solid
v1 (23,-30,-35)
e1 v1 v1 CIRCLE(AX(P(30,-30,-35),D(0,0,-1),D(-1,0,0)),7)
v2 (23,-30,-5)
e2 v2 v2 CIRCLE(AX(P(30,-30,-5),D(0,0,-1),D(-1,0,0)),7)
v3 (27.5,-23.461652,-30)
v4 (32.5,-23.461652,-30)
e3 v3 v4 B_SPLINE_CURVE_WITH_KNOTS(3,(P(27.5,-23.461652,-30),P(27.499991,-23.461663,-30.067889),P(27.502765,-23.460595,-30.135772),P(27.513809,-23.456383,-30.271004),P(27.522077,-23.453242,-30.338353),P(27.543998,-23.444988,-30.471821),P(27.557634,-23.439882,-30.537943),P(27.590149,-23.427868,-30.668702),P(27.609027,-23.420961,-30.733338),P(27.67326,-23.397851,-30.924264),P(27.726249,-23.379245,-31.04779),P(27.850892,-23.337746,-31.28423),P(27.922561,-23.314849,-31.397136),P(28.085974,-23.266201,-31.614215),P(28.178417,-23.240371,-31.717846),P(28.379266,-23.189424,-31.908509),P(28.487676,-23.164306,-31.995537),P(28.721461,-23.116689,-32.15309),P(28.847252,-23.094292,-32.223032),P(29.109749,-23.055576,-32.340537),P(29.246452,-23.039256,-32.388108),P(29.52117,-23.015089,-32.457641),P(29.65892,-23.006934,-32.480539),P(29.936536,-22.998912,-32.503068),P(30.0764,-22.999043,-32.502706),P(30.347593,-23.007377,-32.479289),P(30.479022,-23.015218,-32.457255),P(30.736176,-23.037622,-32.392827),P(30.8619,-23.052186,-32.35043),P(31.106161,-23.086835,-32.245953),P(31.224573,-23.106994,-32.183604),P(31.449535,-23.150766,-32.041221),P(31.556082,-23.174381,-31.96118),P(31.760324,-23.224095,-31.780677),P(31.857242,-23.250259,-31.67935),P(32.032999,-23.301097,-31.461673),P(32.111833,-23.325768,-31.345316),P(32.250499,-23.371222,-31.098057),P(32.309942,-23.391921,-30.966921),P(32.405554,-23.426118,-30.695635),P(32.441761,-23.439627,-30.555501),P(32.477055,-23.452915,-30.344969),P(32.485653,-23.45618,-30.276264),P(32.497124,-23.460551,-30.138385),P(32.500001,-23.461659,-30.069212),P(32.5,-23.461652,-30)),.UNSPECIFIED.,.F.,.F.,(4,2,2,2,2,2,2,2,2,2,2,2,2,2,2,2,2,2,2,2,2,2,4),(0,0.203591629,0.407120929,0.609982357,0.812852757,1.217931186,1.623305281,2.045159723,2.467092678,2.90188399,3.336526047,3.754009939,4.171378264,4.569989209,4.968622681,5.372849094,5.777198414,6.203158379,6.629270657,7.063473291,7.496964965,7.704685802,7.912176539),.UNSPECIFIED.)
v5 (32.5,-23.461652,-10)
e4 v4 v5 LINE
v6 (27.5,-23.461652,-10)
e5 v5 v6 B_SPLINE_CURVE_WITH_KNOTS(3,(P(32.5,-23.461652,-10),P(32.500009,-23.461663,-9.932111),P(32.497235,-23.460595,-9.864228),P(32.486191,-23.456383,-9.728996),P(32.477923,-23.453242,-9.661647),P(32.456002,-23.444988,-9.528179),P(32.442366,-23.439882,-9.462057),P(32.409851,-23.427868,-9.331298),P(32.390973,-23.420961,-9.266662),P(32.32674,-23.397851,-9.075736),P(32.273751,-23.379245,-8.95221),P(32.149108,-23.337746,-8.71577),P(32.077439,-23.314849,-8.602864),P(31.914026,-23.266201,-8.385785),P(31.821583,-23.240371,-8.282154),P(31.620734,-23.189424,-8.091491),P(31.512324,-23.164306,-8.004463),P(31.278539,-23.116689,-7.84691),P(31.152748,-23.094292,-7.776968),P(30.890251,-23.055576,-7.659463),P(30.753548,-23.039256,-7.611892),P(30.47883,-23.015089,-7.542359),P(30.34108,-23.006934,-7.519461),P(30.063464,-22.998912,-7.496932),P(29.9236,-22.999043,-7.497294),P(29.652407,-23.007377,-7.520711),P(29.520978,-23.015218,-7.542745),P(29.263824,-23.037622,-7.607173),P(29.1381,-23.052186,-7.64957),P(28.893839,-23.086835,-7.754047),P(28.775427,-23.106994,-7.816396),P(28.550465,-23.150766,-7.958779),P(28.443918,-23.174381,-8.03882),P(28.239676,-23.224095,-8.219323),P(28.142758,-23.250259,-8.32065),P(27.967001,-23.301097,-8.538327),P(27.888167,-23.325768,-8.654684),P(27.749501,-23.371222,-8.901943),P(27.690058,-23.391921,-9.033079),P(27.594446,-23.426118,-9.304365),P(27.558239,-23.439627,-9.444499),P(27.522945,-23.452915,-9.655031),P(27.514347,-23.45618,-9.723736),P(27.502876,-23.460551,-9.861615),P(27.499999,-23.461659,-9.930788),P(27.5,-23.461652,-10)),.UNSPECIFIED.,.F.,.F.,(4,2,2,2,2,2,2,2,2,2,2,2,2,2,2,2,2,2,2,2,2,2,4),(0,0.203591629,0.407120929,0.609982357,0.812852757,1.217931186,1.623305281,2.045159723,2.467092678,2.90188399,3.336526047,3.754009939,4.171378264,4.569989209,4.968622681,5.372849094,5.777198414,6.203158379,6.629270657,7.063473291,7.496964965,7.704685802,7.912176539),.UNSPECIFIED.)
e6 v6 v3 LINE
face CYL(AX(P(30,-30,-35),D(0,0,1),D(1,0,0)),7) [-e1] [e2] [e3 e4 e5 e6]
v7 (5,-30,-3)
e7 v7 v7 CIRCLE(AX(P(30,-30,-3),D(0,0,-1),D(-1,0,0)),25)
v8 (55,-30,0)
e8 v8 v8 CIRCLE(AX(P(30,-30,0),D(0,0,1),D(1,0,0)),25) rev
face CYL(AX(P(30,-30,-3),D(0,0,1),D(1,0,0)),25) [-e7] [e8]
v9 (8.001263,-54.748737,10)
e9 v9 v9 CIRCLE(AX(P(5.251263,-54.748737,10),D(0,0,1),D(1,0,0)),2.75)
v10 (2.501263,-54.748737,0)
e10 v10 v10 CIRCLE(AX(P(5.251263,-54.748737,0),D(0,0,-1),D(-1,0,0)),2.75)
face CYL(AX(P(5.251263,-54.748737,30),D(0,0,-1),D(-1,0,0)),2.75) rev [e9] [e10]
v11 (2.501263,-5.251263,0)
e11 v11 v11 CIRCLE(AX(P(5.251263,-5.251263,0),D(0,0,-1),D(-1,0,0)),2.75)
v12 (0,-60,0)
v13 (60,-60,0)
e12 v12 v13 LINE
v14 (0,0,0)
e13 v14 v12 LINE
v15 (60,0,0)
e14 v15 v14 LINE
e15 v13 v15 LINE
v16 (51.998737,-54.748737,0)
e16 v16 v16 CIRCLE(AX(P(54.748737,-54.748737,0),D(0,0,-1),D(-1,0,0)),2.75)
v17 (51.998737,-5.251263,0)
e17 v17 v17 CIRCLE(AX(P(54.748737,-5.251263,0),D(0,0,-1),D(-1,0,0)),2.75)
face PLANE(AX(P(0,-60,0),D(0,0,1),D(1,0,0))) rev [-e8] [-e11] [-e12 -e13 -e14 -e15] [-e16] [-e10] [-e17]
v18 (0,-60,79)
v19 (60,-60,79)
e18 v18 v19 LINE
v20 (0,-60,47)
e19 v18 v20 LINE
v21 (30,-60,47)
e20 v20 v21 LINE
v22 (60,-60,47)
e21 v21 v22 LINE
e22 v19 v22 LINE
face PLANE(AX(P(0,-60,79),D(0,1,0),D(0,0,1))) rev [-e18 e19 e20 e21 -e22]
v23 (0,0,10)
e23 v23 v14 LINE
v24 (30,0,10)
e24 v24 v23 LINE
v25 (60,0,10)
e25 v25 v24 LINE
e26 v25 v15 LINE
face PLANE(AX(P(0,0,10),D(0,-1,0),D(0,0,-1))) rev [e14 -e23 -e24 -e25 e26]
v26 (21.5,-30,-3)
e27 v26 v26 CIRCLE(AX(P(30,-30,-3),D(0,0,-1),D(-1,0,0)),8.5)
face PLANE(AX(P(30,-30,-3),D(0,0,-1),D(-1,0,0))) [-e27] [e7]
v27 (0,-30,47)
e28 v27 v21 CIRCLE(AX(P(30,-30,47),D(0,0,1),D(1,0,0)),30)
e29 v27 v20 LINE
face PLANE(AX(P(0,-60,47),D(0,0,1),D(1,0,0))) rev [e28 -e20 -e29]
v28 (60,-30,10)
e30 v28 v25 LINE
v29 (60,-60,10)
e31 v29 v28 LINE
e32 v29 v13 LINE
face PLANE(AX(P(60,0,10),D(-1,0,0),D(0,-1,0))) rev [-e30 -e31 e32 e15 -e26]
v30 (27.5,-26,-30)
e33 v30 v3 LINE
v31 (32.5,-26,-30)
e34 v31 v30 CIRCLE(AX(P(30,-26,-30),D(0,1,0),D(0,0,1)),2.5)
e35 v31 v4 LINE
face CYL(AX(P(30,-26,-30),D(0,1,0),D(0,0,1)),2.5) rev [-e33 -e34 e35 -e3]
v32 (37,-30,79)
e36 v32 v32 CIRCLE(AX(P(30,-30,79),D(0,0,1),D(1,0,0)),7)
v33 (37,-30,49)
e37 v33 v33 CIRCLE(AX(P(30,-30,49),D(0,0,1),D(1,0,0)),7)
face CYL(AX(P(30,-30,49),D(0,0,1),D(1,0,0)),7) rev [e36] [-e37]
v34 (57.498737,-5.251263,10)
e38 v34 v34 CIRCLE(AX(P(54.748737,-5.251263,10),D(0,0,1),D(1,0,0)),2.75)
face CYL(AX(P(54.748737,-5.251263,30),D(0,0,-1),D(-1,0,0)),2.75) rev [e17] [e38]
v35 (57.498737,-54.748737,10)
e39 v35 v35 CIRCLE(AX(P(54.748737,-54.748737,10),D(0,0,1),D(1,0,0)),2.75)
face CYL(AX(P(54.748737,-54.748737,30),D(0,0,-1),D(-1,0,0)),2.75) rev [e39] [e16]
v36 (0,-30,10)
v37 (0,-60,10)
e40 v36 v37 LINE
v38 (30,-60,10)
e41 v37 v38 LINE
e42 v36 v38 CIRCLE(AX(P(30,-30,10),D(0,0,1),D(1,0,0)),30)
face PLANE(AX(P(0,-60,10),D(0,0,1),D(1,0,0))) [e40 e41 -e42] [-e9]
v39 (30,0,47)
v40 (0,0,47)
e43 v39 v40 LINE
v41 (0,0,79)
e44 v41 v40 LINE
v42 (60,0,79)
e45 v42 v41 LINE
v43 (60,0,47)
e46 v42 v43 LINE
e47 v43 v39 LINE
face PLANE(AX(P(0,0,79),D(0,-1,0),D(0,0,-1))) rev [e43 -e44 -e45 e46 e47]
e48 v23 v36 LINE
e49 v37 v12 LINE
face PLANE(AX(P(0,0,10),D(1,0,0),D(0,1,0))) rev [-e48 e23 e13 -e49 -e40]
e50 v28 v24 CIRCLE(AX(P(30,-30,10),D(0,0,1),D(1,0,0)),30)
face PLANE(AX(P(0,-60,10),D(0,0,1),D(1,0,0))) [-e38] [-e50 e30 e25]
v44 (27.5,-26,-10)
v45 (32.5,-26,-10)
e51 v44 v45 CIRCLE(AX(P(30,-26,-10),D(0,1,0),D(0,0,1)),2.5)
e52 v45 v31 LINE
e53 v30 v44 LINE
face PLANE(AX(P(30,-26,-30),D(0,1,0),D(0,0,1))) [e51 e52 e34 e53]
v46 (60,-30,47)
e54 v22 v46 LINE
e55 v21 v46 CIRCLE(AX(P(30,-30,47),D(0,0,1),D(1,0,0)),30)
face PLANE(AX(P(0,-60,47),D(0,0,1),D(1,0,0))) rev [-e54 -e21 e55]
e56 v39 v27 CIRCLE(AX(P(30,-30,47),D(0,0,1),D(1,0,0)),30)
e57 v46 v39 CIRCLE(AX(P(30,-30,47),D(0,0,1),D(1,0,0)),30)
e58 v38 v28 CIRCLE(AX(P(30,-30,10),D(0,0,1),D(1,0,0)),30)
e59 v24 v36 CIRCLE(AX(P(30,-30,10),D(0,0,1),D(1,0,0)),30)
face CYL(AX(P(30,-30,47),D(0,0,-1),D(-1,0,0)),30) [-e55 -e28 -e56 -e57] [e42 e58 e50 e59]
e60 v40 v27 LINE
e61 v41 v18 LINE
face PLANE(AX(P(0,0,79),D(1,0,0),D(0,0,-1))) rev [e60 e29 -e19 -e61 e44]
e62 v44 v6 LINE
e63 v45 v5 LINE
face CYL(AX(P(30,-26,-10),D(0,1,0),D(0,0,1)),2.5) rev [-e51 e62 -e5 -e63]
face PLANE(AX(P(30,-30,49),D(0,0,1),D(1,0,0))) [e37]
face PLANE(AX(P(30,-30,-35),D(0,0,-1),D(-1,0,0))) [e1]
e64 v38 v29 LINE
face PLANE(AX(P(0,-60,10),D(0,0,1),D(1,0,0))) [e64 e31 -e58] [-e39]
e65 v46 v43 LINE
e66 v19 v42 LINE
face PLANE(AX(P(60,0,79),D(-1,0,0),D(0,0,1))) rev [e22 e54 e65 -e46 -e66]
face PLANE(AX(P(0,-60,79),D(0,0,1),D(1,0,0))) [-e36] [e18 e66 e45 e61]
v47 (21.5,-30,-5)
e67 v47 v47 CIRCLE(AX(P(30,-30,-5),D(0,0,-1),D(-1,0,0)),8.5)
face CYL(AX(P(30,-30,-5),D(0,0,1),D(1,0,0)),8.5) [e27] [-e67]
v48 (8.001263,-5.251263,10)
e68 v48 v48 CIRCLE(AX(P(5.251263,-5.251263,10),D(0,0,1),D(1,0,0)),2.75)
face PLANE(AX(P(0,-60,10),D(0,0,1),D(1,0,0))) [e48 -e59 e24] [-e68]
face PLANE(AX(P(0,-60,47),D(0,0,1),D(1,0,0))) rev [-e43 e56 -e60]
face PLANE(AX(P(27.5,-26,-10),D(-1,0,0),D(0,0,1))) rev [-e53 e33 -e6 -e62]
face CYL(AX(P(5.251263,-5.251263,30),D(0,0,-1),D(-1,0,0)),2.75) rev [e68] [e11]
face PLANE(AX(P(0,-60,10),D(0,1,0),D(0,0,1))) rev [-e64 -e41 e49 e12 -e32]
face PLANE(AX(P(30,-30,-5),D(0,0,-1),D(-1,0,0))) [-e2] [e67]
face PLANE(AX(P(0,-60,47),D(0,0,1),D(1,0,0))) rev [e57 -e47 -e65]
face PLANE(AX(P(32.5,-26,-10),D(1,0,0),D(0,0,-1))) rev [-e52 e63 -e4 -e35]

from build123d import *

# Parameters (mm, degrees)
SKETCH_1_W          = 60
SKETCH_1_H          = 60
EXTRUDE_1_DEPTH     = 10
SKETCH_3_R          = 30
EXTRUDE_2_DEPTH     = 37
SKETCH_4_W          = 60
SKETCH_4_H          = 60
EXTRUDE_3_DEPTH     = 32
SKETCH_5_R          = 25
EXTRUDE_4_DEPTH     = 3
SKETCH_6_R          = 8.5
EXTRUDE_5_DEPTH     = 2
SKETCH_7_R          = 7
EXTRUDE_6_DEPTH     = 30
SKETCH_8_R          = 7
CUT_EXTRUDE_1_DEPTH = 30
SKETCH_9_R          = 2.75
CUT_EXTRUDE_2_DEPTH = 30
CUT_EXTRUDE_3_DEPTH = 3


with BuildPart() as part:
    # 草图1 → 拉伸1 (new body)
    with BuildSketch(Plane.XY):
        with Locations((30, -30)):
            Rectangle(SKETCH_1_W, SKETCH_1_H)
    extrude(amount=EXTRUDE_1_DEPTH)

    # 草图3 → 拉伸2 (add)
    with BuildSketch(Plane.XY.offset(10)):
        with Locations((30, -30)):
            Circle(SKETCH_3_R)
    extrude(amount=EXTRUDE_2_DEPTH)

    # 草图4 → 拉伸3 (add)
    with BuildSketch(Plane.XY.offset(47)):
        with Locations((30, -30)):
            Rectangle(SKETCH_4_W, SKETCH_4_H)
    extrude(amount=EXTRUDE_3_DEPTH)

    # 草图5 → 拉伸4 (add)
    with BuildSketch(Plane(origin=(0, 0, 0), x_dir=(-1, 0, 0), z_dir=(0, 0, -1))):
        with Locations(Location((-30, -30, 0), (0, 0, 180))):
            Circle(SKETCH_5_R)
    extrude(amount=EXTRUDE_4_DEPTH)

    # 草图6 → 拉伸5 (add)
    with BuildSketch(Plane(origin=(0, 0, -3), x_dir=(-1, 0, 0), z_dir=(0, 0, -1))):
        with Locations((-30, -30)):
            Circle(SKETCH_6_R)
    extrude(amount=EXTRUDE_5_DEPTH)

    # 草图7 → 拉伸6 (add)
    with BuildSketch(Plane(origin=(0, 0, -5), x_dir=(-1, 0, 0), z_dir=(0, 0, -1))):
        with Locations((-30, -30)):
            Circle(SKETCH_7_R)
    extrude(amount=EXTRUDE_6_DEPTH)

    # 草图8 → 切除-拉伸1 (cut)
    with BuildSketch(Plane.XY.offset(79)):
        with Locations(Location((30, -30, 0), (0, 0, 180))):
            Circle(SKETCH_8_R)
    extrude(amount=-CUT_EXTRUDE_1_DEPTH, mode=Mode.SUBTRACT)

    # 草图9 → 切除-拉伸2 (cut)
    with BuildSketch(Plane(origin=(0, 0, 0), x_dir=(-1, 0, 0), z_dir=(0, 0, -1))):
        with Locations((-5.251262658, -5.251262658)):
            Circle(SKETCH_9_R)
        with Locations((-5.251262658, -54.748737342)):
            Circle(SKETCH_9_R)
        with Locations((-54.748737342, -54.748737342)):
            Circle(SKETCH_9_R)
        with Locations((-54.748737342, -5.251262658)):
            Circle(SKETCH_9_R)
    extrude(amount=-CUT_EXTRUDE_2_DEPTH, mode=Mode.SUBTRACT)

    # 草图10 → 切除-拉伸3 (cut)
    with BuildSketch(Plane(origin=(0, -23, 0), x_dir=(-1, 0, 0), z_dir=(0, 1, 0))):
        with BuildLine():
            Line((-32.5, -10), (-32.5, -30))
            ThreePointArc((-32.5, -30), (-30, -32.5), (-27.5, -30))
            Line((-27.5, -30), (-27.5, -10))
            ThreePointArc((-27.5, -10), (-30, -7.5), (-32.5, -10))
        make_face()
    extrude(amount=-CUT_EXTRUDE_3_DEPTH, mode=Mode.SUBTRACT)


solid = part.part
